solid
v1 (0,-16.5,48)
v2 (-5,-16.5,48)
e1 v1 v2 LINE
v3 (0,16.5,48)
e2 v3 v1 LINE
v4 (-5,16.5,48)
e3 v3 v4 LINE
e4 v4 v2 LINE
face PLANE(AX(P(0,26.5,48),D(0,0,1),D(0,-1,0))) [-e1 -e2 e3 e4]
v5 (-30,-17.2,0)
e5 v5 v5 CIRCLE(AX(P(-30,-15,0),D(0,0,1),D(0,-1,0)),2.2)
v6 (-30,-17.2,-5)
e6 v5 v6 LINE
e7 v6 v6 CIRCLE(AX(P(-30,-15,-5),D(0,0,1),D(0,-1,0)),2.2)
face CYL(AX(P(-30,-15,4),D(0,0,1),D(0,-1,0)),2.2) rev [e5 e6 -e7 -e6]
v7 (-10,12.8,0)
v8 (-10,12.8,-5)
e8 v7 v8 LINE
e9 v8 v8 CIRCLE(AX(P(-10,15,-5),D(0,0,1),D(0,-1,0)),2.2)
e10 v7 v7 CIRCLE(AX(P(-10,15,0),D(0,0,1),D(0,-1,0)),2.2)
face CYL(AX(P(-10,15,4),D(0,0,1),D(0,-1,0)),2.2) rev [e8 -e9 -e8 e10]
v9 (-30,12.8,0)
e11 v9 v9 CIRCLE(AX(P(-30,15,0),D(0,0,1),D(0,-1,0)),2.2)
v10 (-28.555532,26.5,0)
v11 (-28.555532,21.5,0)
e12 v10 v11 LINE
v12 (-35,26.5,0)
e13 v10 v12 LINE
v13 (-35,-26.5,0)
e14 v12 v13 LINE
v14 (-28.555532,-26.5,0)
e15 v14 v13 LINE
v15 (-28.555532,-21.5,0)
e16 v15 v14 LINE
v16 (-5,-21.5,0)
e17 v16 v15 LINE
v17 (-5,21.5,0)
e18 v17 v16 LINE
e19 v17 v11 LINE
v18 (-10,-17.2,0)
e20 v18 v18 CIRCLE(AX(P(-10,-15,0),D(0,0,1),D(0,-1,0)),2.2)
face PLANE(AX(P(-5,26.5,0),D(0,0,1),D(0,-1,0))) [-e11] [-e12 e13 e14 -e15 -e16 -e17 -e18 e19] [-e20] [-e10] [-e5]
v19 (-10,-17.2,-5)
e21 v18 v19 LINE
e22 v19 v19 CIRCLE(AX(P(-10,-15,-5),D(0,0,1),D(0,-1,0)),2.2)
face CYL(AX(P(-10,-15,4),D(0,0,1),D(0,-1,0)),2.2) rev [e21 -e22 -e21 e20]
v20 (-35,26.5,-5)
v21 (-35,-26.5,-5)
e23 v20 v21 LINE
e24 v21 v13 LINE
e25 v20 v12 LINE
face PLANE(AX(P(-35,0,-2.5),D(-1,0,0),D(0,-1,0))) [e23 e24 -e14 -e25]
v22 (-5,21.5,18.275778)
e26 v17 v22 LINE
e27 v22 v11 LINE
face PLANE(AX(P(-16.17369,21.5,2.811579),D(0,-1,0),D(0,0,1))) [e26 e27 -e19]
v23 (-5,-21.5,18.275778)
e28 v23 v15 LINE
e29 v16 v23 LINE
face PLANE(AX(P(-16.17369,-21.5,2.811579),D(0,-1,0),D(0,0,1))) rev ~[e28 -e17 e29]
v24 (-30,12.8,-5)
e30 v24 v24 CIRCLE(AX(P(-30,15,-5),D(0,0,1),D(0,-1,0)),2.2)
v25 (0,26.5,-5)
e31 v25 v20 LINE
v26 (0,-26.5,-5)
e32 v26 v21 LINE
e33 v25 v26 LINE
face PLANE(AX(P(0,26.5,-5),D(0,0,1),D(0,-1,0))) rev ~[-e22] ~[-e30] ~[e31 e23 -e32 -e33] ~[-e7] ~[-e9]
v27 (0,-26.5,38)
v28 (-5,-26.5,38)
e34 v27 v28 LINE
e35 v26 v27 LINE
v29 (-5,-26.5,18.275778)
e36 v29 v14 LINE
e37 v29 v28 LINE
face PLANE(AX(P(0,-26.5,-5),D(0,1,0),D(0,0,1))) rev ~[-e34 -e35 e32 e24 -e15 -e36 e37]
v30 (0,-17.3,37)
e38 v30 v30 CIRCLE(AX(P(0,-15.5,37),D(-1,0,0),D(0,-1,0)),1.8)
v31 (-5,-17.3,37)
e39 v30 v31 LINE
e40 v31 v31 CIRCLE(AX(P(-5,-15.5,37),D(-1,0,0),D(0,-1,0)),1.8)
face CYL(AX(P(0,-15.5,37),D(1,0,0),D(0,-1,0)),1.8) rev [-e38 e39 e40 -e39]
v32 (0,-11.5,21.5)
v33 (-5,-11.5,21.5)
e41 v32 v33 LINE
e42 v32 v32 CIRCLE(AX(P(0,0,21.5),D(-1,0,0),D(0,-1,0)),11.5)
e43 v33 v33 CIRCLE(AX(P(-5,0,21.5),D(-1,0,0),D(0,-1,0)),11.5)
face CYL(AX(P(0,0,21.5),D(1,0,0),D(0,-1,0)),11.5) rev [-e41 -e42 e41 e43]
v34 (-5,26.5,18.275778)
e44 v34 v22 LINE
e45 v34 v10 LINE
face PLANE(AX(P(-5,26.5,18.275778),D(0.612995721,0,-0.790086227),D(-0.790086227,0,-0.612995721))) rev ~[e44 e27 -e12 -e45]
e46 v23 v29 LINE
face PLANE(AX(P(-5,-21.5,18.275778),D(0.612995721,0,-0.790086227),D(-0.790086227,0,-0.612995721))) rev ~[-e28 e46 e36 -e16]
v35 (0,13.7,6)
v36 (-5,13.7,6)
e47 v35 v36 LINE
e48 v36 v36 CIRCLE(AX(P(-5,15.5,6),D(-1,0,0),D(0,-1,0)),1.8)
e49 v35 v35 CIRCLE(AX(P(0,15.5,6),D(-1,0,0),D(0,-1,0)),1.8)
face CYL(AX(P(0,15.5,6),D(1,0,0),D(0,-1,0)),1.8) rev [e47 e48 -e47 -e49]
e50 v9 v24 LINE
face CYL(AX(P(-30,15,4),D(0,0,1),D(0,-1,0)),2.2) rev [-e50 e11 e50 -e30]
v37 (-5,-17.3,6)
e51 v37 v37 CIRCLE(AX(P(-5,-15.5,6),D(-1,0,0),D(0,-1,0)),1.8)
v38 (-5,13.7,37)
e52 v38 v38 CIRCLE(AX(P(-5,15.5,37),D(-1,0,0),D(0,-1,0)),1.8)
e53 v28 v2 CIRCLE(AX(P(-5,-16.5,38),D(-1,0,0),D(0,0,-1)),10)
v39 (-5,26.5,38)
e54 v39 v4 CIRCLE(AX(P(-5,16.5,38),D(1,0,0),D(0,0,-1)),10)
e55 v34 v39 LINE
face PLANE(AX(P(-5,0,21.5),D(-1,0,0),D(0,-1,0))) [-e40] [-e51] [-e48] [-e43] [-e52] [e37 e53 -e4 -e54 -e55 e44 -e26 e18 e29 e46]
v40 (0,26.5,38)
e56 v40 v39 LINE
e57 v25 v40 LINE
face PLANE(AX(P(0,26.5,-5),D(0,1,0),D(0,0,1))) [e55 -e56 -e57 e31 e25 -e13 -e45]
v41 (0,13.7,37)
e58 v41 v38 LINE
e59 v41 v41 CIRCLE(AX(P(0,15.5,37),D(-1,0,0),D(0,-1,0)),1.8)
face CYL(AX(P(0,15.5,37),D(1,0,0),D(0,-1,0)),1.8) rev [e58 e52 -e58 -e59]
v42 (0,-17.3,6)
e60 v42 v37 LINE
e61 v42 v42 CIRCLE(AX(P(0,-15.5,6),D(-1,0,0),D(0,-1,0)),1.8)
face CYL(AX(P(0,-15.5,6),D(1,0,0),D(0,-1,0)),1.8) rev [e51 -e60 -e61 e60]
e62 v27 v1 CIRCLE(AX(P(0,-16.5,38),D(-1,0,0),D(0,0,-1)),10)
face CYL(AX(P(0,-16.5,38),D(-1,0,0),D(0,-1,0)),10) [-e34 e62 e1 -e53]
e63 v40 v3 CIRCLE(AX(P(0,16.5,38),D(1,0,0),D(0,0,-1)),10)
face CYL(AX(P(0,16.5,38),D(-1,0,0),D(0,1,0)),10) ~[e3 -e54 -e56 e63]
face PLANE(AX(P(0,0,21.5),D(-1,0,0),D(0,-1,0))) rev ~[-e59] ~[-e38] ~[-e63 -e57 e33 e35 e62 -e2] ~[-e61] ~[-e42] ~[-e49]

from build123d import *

# Parameters (mm, degrees)
CYLINDER098_R          = 1.8
CYLINDER098_DEPTH      = 5
ARRAY001_X_COUNT       = 2
ARRAY001_X_PITCH       = 31
ARRAY001_Y_COUNT       = 2
ARRAY001_Y_PITCH       = 31
CYLINDER_R             = 2.2
CYLINDER_DEPTH         = 20
ARRAY_X_COUNT          = 2
ARRAY_X_PITCH          = 30
ARRAY_Y_COUNT          = 2
ARRAY_Y_PITCH          = 20
ARRAY_PLACEMENT_ANGLE  = 90
CYLINDER097_R          = 11.5
CYLINDER097_DEPTH      = 5
BOX006_W               = 53
BOX006_H               = 5
BOX006_DEPTH           = 30
BOX005_W               = 53
BOX005_H               = 53
BOX005_DEPTH           = 5
FILLET001_R            = 10
PAD001_DEPTH           = 5
ARRAY002_X_COUNT       = 2
ARRAY002_X_PITCH       = 48
CUT004_ROLL_ANGLE      = 90
CUT004_PLACEMENT_ANGLE = -90


with BuildPart() as stepper_bolt_hole_array:
    # Cylinder098 → Cylinder098 (new body)
    with BuildSketch(Plane.XY):
        Circle(CYLINDER098_R)
    extrude(amount=CYLINDER098_DEPTH)

    # Array001 X: stepper bolt hole array ×2


with BuildPart() as stepper_bolt_hole_array_1:
    add(stepper_bolt_hole_array.part)
    with Locations(*[(i * ARRAY001_X_PITCH, 0, 0) for i in range(1, ARRAY001_X_COUNT)]):
        add(stepper_bolt_hole_array.part)

    # Array001 Y: stepper bolt hole array ×2


with BuildPart() as stepper_bolt_hole_array_2:
    add(stepper_bolt_hole_array_1.part)
    with Locations(*[(0, i * ARRAY001_Y_PITCH, 0) for i in range(1, ARRAY001_Y_COUNT)]):
        add(stepper_bolt_hole_array_1.part)


with BuildPart() as stepper_bolt_hole_array_3:
    # Array001 placement: moved
    add(stepper_bolt_hole_array_2.part.moved(Location((-15.5, -15.5, 0))))


with BuildPart() as insert_hole_array:
    # Cylinder → Cylinder (new body)
    with BuildSketch(Plane.XY.offset(-3)):
        Circle(CYLINDER_R)
    extrude(amount=CYLINDER_DEPTH)

    # Array X: insert hole array ×2


with BuildPart() as insert_hole_array_1:
    add(insert_hole_array.part)
    with Locations(*[(i * ARRAY_X_PITCH, 0, 0) for i in range(1, ARRAY_X_COUNT)]):
        add(insert_hole_array.part)

    # Array Y: insert hole array ×2


with BuildPart() as insert_hole_array_2:
    add(insert_hole_array_1.part)
    with Locations(*[(0, i * ARRAY_Y_PITCH, 0) for i in range(1, ARRAY_Y_COUNT)]):
        add(insert_hole_array_1.part)


with BuildPart() as insert_hole_array_3:
    # Array placement: moved
    add(insert_hole_array_2.part.moved(Location((-15, -20.5, 10))).rotate(Axis((-15, -20.5, 10), (1, 0, 0)), ARRAY_PLACEMENT_ANGLE))


with BuildPart() as stepper_mount_holes:
    # Cylinder097 → Cylinder097 (new body)
    with BuildSketch(Plane.XY):
        Circle(CYLINDER097_R)
    extrude(amount=CYLINDER097_DEPTH)

    # Fusion006: union stepper bolt hole array, insert hole array
    add(stepper_bolt_hole_array_3.part)
    add(insert_hole_array_3.part)


with BuildPart() as stepper_mount_bottom:
    # Box006 → Box006 (new body)
    with BuildSketch(Plane(origin=(-26.5, -26.5, 5), x_dir=(1, 0, 0), z_dir=(0, 0, 1))):
        with Locations((26.5, 2.5)):
            Rectangle(BOX006_W, BOX006_H)
    extrude(amount=BOX006_DEPTH)


with BuildPart() as stepper_mount_cube_fillet:
    # Box005 → Box005 (new body)
    with BuildSketch(Plane(origin=(-26.5, -26.5, 0), x_dir=(1, 0, 0), z_dir=(0, 0, 1))):
        with Locations((26.5, 26.5)):
            Rectangle(BOX005_W, BOX005_H)
    extrude(amount=BOX005_DEPTH)

    # Fillet001
    fillet001_edges = [stepper_mount_cube_fillet.edges().sort_by_distance(p)[0] for p in [
        (-26.5, 26.5, 2.5),
        (26.5, 26.5, 2.5),
    ]]
    fillet(fillet001_edges, radius=FILLET001_R)


with BuildPart() as stepper_mount_cut:
    # Sketch001 → Pad001 (new body)
    with BuildSketch(Plane.YZ):
        Polygon((-26.5, 5), (-3.224222, 5), (-26.5, 35), align=None)
    extrude(amount=PAD001_DEPTH)

    # Array002 X: stepper mount cut ×2


with BuildPart() as stepper_mount_cut_1:
    add(stepper_mount_cut.part)
    with Locations(*[(i * ARRAY002_X_PITCH, 0, 0) for i in range(1, ARRAY002_X_COUNT)]):
        add(stepper_mount_cut.part)


with BuildPart() as stepper_mount_cut_2:
    # Array002 placement: moved
    add(stepper_mount_cut_1.part.moved(Location((-26.5, 0, 0))))

    # Fusion007: union stepper mount bottom, stepper mount cube fillet
    add(stepper_mount_bottom.part)
    add(stepper_mount_cube_fillet.part)

    # Cut004: cut stepper mount holes
    add(stepper_mount_holes.part, mode=Mode.SUBTRACT)


with BuildPart() as stepper_mount_cut_3:
    # Cut004 roll: moved
    add(stepper_mount_cut_2.part.rotate(Axis((0, 0, 0), (1, 0, 0)), CUT004_ROLL_ANGLE))


with BuildPart() as stepper_mount_cut_4:
    # Cut004 placement: moved
    add(stepper_mount_cut_3.part.moved(Location((0, 0, 21.5))).rotate(Axis((0, 0, 21.5), (0, 0, 1)), CUT004_PLACEMENT_ANGLE))


solid = stepper_mount_cut_4.part
